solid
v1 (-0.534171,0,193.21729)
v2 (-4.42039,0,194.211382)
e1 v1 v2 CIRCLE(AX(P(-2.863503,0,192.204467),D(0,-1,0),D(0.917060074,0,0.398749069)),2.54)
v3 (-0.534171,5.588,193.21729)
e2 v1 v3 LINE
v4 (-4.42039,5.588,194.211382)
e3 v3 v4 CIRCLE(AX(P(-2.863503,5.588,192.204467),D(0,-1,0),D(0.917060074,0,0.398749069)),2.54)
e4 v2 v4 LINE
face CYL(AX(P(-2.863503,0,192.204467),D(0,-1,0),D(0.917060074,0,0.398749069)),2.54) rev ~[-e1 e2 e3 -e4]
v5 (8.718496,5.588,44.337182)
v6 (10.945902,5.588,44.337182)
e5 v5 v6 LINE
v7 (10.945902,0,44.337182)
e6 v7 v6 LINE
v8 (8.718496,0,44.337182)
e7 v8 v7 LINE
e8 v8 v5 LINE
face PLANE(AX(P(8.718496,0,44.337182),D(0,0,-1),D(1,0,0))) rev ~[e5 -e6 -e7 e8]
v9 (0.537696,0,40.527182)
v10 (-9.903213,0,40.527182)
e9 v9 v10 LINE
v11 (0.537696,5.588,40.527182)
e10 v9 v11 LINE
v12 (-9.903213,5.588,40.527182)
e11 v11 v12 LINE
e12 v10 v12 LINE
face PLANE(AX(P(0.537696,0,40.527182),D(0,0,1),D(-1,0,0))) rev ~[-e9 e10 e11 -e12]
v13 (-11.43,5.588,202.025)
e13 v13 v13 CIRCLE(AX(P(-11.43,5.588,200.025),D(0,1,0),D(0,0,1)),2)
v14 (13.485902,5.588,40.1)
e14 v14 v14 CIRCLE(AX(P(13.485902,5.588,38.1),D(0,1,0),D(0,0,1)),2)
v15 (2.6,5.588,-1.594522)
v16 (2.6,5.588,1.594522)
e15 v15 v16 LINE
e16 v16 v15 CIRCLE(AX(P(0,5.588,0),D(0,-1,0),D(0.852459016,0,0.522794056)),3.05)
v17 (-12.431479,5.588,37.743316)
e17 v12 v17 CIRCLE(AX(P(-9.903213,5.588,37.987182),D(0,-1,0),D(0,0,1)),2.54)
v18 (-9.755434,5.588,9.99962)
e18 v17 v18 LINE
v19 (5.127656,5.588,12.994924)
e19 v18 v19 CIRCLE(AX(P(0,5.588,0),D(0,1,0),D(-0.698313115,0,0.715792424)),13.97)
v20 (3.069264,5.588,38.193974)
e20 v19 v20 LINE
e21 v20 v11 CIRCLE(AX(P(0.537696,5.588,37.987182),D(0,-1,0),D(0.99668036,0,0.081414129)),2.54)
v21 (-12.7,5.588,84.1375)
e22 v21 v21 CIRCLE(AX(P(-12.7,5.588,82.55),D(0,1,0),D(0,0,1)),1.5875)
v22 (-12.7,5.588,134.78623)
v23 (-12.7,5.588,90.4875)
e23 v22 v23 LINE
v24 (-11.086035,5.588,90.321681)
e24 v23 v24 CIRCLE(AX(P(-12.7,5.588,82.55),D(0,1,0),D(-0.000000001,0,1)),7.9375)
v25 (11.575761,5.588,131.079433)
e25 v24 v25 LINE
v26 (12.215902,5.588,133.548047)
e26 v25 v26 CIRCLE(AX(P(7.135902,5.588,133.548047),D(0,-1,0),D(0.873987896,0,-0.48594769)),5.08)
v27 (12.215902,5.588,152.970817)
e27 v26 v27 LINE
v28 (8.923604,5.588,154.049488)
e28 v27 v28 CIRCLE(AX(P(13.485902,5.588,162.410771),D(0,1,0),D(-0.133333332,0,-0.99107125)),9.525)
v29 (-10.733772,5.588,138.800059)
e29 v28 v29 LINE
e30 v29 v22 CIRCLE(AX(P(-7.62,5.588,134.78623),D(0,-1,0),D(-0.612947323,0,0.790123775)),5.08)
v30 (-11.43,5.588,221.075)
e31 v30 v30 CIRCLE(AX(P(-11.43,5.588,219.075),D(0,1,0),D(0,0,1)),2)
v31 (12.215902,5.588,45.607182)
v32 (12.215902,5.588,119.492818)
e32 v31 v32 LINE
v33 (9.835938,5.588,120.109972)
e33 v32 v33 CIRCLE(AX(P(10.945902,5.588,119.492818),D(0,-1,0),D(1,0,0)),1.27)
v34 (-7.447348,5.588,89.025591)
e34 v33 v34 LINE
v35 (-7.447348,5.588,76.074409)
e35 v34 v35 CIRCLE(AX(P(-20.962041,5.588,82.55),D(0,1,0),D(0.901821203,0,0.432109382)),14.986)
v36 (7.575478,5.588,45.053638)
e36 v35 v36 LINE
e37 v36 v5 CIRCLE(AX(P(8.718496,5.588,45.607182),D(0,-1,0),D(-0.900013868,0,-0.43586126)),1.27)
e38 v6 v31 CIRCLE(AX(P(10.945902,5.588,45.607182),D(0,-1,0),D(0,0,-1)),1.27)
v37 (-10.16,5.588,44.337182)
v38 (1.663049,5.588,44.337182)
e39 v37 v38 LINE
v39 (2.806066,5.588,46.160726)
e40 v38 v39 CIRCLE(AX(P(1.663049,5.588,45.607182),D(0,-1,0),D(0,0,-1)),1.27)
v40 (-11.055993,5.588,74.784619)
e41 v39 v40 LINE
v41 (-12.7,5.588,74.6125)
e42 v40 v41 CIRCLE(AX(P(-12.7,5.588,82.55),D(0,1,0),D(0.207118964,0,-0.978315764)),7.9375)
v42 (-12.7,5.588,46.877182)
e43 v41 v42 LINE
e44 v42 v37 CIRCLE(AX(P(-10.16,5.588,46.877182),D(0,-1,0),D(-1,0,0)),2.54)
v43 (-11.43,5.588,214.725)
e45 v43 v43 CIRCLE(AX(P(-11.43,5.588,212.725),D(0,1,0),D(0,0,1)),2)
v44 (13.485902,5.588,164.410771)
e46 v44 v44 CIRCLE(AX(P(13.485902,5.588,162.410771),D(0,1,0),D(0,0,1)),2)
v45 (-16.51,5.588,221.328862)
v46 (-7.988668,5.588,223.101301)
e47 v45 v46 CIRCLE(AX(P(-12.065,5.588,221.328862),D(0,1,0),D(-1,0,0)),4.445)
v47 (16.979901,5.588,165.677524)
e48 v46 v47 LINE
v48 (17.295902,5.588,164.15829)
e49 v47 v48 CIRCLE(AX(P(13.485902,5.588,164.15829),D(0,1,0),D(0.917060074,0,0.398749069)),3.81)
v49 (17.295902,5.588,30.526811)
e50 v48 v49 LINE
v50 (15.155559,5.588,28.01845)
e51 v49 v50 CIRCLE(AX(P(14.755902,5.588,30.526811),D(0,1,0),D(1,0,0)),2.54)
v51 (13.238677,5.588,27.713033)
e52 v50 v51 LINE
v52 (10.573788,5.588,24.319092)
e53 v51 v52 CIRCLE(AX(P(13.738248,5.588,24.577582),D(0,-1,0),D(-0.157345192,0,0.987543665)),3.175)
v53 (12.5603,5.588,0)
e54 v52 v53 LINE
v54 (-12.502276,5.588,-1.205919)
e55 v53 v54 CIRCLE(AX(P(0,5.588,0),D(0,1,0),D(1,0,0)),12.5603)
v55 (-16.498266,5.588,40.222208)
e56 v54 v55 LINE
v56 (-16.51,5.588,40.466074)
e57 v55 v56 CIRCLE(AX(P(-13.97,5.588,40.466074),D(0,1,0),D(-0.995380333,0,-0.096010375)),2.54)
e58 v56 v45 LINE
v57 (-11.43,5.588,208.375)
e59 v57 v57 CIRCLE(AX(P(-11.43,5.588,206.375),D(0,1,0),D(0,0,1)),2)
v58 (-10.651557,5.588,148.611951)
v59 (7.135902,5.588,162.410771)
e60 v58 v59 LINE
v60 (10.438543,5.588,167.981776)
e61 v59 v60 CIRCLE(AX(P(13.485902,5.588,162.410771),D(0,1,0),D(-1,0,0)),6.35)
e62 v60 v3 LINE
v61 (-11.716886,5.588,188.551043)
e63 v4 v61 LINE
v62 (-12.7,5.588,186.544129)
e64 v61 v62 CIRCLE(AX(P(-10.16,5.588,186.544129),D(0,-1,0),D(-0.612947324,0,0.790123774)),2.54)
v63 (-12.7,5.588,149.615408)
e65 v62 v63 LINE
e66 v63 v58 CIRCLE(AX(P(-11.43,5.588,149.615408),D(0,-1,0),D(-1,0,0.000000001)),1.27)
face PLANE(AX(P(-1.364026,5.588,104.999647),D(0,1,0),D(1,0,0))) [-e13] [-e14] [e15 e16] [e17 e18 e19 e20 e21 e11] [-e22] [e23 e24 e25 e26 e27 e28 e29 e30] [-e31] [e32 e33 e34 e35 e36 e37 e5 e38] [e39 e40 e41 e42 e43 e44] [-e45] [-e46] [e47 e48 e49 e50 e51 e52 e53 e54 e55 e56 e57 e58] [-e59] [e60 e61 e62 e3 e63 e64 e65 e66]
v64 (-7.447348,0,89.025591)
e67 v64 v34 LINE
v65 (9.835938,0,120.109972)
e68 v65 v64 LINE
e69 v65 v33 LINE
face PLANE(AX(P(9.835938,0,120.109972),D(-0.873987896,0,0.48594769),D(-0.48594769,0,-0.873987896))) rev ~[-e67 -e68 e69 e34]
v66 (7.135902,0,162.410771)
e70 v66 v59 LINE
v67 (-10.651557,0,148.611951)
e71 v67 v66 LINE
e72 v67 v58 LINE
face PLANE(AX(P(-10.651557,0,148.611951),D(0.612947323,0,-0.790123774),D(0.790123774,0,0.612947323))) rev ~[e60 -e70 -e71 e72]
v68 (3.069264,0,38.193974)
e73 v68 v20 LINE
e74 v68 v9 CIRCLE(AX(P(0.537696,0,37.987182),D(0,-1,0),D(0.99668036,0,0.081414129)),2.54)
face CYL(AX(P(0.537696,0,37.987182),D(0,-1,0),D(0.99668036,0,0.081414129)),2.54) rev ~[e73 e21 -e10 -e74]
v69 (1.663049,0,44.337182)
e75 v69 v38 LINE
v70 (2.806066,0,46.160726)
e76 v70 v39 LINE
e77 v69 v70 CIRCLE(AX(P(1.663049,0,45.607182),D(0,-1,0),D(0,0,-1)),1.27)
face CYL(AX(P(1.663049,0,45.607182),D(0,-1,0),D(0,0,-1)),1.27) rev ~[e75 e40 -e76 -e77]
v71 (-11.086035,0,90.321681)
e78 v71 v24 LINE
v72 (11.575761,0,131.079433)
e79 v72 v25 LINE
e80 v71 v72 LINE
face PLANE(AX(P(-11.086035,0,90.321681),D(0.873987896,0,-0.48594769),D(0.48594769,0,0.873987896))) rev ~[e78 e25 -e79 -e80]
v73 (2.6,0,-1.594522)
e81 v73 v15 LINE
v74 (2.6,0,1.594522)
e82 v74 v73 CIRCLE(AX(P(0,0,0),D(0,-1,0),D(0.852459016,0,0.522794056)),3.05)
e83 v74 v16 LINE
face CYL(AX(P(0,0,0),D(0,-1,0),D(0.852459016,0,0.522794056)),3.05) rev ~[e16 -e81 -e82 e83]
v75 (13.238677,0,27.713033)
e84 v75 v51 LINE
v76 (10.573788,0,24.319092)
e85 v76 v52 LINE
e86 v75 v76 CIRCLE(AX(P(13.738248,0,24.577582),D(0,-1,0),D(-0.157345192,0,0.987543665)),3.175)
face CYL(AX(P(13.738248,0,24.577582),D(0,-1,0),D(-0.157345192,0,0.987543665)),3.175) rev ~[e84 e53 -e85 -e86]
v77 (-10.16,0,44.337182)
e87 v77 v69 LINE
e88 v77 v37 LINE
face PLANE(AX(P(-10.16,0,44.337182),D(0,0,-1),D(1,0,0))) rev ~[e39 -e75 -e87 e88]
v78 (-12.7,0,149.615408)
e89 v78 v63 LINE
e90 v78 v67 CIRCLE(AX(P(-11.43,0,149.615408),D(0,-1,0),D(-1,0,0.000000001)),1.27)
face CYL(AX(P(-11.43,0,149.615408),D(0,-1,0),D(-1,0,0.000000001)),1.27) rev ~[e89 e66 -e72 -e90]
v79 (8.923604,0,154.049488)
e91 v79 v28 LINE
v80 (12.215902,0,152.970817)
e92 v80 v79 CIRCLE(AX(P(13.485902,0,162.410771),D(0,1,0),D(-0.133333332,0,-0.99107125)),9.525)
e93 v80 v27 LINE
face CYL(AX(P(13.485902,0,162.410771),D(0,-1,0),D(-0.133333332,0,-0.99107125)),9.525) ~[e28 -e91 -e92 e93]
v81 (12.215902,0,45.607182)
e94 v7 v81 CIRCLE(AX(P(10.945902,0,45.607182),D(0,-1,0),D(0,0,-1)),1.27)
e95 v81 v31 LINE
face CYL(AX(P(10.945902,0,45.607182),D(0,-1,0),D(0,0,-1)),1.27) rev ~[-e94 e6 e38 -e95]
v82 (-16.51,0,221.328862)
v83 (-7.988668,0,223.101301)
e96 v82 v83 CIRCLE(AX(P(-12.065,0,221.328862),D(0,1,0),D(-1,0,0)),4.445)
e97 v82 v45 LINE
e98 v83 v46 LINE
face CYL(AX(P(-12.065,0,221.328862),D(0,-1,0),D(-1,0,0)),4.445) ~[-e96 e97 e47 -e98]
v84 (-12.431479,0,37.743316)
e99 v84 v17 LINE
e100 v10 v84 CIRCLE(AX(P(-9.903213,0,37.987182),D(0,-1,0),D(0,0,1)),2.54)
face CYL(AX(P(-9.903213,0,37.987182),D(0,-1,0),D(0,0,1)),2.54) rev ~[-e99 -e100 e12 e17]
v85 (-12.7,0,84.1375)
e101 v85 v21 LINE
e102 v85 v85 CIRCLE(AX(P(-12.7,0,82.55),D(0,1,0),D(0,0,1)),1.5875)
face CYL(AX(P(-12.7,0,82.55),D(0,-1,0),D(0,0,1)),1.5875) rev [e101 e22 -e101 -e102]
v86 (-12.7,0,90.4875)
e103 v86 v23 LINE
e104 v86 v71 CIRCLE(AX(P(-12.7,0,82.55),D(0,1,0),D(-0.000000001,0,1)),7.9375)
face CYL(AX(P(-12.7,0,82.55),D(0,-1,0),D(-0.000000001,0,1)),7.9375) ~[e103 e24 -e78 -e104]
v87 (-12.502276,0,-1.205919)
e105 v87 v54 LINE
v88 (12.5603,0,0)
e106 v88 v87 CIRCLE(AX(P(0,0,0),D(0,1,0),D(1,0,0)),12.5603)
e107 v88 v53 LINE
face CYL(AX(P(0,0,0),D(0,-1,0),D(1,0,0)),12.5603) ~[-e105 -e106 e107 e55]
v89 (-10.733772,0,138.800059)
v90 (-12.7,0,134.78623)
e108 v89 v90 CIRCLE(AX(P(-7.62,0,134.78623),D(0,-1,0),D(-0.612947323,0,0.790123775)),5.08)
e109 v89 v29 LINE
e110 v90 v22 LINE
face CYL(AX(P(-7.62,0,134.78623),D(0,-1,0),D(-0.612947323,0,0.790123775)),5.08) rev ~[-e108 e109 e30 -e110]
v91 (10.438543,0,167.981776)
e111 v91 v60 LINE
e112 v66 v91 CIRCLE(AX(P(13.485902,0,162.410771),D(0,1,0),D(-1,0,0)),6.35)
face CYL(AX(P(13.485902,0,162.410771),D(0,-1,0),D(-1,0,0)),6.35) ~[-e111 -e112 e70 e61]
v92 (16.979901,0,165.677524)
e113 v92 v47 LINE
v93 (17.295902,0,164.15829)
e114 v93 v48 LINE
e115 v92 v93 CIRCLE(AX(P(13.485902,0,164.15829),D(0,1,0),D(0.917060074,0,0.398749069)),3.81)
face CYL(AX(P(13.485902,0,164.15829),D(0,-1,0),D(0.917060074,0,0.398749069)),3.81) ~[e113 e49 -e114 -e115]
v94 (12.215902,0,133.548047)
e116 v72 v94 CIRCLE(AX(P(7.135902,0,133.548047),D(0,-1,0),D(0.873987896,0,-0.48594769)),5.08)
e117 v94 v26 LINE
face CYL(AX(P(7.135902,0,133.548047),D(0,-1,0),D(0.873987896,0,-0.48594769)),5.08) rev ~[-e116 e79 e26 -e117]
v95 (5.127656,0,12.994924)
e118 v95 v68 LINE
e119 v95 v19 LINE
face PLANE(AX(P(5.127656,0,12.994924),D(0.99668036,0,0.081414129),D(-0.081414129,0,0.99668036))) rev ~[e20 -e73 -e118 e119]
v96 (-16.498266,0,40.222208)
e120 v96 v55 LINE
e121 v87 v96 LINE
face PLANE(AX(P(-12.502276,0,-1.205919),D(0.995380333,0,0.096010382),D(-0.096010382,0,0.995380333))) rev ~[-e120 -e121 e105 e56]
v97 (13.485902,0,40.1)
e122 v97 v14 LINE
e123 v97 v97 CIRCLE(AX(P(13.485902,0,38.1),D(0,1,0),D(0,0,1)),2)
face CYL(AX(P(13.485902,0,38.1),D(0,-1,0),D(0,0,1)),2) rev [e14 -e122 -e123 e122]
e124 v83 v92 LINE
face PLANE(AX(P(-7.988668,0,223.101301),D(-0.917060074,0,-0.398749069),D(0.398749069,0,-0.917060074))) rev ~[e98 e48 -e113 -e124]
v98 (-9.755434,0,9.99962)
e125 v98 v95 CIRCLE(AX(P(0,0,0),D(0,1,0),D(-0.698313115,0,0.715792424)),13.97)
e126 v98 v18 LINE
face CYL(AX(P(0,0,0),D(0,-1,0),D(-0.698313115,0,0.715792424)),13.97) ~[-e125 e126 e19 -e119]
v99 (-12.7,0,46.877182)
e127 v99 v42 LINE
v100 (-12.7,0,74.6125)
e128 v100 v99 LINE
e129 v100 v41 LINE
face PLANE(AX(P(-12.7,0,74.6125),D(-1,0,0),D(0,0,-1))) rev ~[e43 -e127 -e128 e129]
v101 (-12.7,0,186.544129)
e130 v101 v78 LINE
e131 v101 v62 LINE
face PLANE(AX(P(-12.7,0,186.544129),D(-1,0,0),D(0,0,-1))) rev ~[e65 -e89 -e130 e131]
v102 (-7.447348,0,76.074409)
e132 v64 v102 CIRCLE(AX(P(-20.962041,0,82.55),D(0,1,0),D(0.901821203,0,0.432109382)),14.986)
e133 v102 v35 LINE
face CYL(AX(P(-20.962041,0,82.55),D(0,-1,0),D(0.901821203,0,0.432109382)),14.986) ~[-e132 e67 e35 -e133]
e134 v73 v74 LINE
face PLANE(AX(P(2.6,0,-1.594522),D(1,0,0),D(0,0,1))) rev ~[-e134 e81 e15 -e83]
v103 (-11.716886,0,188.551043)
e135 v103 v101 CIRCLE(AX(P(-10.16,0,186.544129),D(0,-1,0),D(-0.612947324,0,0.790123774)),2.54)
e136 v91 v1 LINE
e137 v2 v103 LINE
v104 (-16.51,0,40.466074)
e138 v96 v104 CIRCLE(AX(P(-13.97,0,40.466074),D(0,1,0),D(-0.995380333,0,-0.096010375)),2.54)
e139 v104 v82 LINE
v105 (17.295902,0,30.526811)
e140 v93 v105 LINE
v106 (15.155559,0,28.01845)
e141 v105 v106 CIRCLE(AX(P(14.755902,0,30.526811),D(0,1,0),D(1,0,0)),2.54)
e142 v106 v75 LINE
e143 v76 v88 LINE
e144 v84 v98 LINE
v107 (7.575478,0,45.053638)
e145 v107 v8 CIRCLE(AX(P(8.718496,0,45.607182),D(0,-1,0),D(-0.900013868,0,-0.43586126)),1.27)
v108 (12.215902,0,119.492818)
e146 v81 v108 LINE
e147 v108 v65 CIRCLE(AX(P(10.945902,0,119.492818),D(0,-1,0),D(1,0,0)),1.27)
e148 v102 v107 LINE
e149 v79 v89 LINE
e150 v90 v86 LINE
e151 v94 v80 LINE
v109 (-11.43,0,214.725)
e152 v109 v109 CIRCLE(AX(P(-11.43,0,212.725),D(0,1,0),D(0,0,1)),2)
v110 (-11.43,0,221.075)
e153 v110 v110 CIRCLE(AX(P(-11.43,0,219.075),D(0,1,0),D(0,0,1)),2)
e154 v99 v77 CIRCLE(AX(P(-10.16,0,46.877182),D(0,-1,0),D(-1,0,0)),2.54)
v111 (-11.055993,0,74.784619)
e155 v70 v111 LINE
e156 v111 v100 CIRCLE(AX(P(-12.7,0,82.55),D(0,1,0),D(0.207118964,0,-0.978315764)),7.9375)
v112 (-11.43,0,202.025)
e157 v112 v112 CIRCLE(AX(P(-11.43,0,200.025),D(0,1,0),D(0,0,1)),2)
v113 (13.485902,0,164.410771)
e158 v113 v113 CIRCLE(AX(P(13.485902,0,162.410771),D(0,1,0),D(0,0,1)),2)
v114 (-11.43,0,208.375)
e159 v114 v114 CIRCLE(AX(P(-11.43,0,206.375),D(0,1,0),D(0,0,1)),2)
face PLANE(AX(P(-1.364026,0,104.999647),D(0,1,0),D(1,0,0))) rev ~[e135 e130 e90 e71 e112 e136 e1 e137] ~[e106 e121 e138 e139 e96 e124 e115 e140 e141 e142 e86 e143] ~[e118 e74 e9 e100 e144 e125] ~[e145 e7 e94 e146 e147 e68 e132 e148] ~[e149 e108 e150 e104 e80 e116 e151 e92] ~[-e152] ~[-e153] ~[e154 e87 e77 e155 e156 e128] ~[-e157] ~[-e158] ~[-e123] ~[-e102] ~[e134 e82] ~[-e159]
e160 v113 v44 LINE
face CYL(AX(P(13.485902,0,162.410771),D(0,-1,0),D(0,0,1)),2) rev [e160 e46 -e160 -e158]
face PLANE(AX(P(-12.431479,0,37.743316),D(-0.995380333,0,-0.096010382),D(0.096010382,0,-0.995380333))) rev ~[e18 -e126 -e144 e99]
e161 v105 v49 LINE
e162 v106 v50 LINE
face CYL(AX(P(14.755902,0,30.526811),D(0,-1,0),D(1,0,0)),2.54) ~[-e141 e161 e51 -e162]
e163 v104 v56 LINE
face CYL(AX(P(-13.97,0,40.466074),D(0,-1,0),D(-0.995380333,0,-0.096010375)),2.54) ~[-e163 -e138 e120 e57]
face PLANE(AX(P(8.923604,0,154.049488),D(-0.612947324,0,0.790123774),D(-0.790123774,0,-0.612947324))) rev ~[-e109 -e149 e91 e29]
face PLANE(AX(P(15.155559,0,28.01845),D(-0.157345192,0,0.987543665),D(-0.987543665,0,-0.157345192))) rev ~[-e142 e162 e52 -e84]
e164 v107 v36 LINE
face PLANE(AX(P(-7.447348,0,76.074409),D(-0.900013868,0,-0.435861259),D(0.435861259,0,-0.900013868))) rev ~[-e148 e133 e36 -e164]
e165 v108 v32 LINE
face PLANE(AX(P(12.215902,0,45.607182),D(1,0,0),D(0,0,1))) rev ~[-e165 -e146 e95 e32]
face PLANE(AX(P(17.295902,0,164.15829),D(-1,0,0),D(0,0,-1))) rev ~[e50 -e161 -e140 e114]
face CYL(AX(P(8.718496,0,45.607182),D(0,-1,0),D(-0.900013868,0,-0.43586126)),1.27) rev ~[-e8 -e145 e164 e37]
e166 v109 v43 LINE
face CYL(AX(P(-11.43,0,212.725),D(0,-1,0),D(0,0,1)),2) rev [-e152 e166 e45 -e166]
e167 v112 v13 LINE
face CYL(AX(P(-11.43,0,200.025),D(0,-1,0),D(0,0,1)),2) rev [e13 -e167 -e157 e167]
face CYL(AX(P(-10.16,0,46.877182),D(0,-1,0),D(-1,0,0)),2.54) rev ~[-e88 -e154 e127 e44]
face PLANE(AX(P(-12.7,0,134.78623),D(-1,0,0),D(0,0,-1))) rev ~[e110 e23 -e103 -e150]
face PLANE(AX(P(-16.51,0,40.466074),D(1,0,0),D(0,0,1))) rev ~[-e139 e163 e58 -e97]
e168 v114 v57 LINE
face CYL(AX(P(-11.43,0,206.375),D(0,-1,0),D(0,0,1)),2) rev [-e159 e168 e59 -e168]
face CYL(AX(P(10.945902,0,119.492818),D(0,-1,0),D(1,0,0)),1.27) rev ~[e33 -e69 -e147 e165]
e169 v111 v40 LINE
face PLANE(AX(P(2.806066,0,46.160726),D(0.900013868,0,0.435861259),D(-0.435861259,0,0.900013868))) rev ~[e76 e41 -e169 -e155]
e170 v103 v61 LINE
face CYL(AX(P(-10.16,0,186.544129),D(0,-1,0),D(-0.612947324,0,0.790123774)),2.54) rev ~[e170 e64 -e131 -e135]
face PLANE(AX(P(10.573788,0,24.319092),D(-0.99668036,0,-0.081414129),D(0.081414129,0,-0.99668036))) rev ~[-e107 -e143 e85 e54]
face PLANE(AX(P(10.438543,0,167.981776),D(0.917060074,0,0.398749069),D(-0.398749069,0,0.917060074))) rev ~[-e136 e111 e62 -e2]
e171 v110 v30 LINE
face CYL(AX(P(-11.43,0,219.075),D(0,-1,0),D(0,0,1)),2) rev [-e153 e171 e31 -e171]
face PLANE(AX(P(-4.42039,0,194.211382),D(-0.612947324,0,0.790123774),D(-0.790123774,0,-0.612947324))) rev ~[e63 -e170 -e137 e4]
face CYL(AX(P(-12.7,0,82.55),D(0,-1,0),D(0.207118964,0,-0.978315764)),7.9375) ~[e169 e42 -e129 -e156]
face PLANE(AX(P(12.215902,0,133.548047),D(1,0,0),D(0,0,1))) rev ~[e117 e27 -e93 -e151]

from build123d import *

# Parameters (mm, degrees)
SKETCH2_R           = 2
SKETCH2_R_2         = 1.5875
SKETCH2_R_3         = 1.999999991
BOSS_EXTRUDE1_DEPTH = 5.588


with BuildPart() as part:
    # Sketch2 → Boss-Extrude1 (new body)
    with BuildSketch(Plane(origin=(0, 0, 0), x_dir=(1, 0, 0), z_dir=(0, 1, 0))):
        with BuildLine():
            ThreePointArc((17.295902343, -30.526810701), (16.688093876, -28.878103365), (15.15555913, -28.018449791))
            Line((15.15555913, -28.018449791), (13.238676936, -27.713033224))
            ThreePointArc((13.238676936, -27.713033224), (11.241051513, -26.538356195), (10.573787778, -24.319092227))
            Line((10.573787778, -24.319092227), (12.5603, 0))
            ThreePointArc((12.5603, 0), (0.603657177, 12.545785512), (-12.502275592, 1.2059192))
            Line((-12.502275592, 1.2059192), (-16.498266045, -40.222207921))
            ThreePointArc((-16.498266045, -40.222207921), (-16.507064815, -40.344000039), (-16.51, -40.466074291))
            Line((-16.51, -40.466074291), (-16.51, -221.328861788))
            ThreePointArc((-16.51, -221.328861788), (-12.970187584, -225.680718913), (-7.988667969, -223.101301399))
            Line((-7.988667969, -223.101301399), (16.979901226, -165.677523619))
            ThreePointArc((16.979901226, -165.677523619), (17.216065593, -164.934164738), (17.295902343, -164.158289667))
            Line((17.295902343, -164.158289667), (17.295902343, -30.526810701))
        make_face()
        with Locations(Location((-11.43, -219.075, 0), (0, 0, 270))):
            Circle(SKETCH2_R, mode=Mode.SUBTRACT)
        with Locations(Location((-11.43, -212.725, 0), (0, 0, 270))):
            Circle(SKETCH2_R, mode=Mode.SUBTRACT)
        with Locations(Location((-11.43, -206.375, 0), (0, 0, 270))):
            Circle(SKETCH2_R, mode=Mode.SUBTRACT)
        with Locations(Location((-11.43, -200.025, 0), (0, 0, 270))):
            Circle(SKETCH2_R, mode=Mode.SUBTRACT)
        with BuildLine():
            ThreePointArc((7.135902343, -162.410770806), (8.023611961, -165.648962244), (10.438542905, -167.981776143))
            Line((10.438542905, -167.981776143), (-0.534170778, -193.217289931))
            ThreePointArc((-0.534170778, -193.217289931), (-2.234040931, -194.665234867), (-4.420389569, -194.211381682))
            Line((-4.420389569, -194.211381682), (-11.716886202, -188.551043102))
            ThreePointArc((-11.716886202, -188.551043102), (-12.441018517, -187.661516081), (-12.7, -186.544128716))
            Line((-12.7, -186.544128716), (-12.7, -149.615408258))
            ThreePointArc((-12.7, -149.615408258), (-11.988693683, -148.474898999), (-10.651556899, -148.611951065))
            Line((-10.651556899, -148.611951065), (7.135902343, -162.410770806))
        make_face(mode=Mode.SUBTRACT)
        with BuildLine():
            ThreePointArc((12.215902343, -152.970817152), (10.520298026, -153.359206519), (8.923603828, -154.049487576))
            Line((8.923603828, -154.049487576), (-10.733772403, -138.80005889))
            ThreePointArc((-10.733772403, -138.80005889), (-12.182037035, -137.021004847), (-12.7, -134.786230117))
            Line((-12.7, -134.786230117), (-12.7, -90.4875))
            ThreePointArc((-12.7, -90.4875), (-11.888769677, -90.445936399), (-11.086035141, -90.321680879))
            Line((-11.086035141, -90.321680879), (11.575760855, -131.079432803))
            ThreePointArc((11.575760855, -131.079432803), (12.053263487, -132.272915946), (12.215902343, -133.548047069))
            Line((12.215902343, -133.548047069), (12.215902343, -152.970817152))
        make_face(mode=Mode.SUBTRACT)
        with Locations(Location((13.485902343, -162.410770806, 0), (0, 0, 270))):
            Circle(SKETCH2_R, mode=Mode.SUBTRACT)
        with Locations(Location((-12.7, -82.55, 0), (0, 0, 270))):
            Circle(SKETCH2_R_2, mode=Mode.SUBTRACT)
        with BuildLine():
            Line((-10.16, -44.337182032), (1.663048834, -44.337182032))
            ThreePointArc((1.663048834, -44.337182032), (2.739129831, -44.932682449), (2.806066447, -46.160725831))
            Line((2.806066447, -46.160725831), (-11.055993219, -74.784618621))
            ThreePointArc((-11.055993219, -74.784618621), (-11.873503915, -74.655646925), (-12.7, -74.6125))
            Line((-12.7, -74.6125), (-12.7, -46.877182032))
            ThreePointArc((-12.7, -46.877182032), (-11.956051224, -45.081130808), (-10.16, -44.337182032))
        make_face(mode=Mode.SUBTRACT)
        with BuildLine():
            ThreePointArc((-9.903213406, -40.527182032), (-11.783508673, -39.694838236), (-12.431479451, -37.743315662))
            Line((-12.431479451, -37.743315662), (-9.755434212, -9.99962016))
            ThreePointArc((-9.755434212, -9.99962016), (-2.756273581, -13.695395429), (5.127655889, -12.99492382))
            Line((5.127655889, -12.99492382), (3.069264048, -38.19397392))
            ThreePointArc((3.069264048, -38.19397392), (2.259083254, -39.854914801), (0.537695935, -40.527182032))
            Line((0.537695935, -40.527182032), (-9.903213406, -40.527182032))
        make_face(mode=Mode.SUBTRACT)
        with BuildLine():
            ThreePointArc((2.6, -1.594521872), (-3.05, 0), (2.6, 1.594521872))
            Line((2.6, 1.594521872), (2.6, -1.594521872))
        make_face(mode=Mode.SUBTRACT)
        with BuildLine():
            ThreePointArc((-7.44734835, -89.025591197), (-5.976040897, -82.55), (-7.44734835, -76.074408803))
            Line((-7.44734835, -76.074408803), (7.575478058, -45.053638233))
            ThreePointArc((7.575478058, -45.053638233), (8.043996088, -44.531101035), (8.718495671, -44.337182032))
            Line((8.718495671, -44.337182032), (10.945902343, -44.337182032))
            ThreePointArc((10.945902343, -44.337182032), (11.843927955, -44.70915642), (12.215902343, -45.607182032))
            Line((12.215902343, -45.607182032), (12.215902343, -119.492817968))
            ThreePointArc((12.215902343, -119.492817968), (11.264685124, -120.722158254), (9.835937715, -120.109971535))
            Line((9.835937715, -120.109971535), (-7.44734835, -89.025591197))
        make_face(mode=Mode.SUBTRACT)
        with Locations(Location((13.485902343, -38.1, 0), (0, 0, 270))):
            Circle(SKETCH2_R_3, mode=Mode.SUBTRACT)
    extrude(amount=BOSS_EXTRUDE1_DEPTH)


solid = part.part
